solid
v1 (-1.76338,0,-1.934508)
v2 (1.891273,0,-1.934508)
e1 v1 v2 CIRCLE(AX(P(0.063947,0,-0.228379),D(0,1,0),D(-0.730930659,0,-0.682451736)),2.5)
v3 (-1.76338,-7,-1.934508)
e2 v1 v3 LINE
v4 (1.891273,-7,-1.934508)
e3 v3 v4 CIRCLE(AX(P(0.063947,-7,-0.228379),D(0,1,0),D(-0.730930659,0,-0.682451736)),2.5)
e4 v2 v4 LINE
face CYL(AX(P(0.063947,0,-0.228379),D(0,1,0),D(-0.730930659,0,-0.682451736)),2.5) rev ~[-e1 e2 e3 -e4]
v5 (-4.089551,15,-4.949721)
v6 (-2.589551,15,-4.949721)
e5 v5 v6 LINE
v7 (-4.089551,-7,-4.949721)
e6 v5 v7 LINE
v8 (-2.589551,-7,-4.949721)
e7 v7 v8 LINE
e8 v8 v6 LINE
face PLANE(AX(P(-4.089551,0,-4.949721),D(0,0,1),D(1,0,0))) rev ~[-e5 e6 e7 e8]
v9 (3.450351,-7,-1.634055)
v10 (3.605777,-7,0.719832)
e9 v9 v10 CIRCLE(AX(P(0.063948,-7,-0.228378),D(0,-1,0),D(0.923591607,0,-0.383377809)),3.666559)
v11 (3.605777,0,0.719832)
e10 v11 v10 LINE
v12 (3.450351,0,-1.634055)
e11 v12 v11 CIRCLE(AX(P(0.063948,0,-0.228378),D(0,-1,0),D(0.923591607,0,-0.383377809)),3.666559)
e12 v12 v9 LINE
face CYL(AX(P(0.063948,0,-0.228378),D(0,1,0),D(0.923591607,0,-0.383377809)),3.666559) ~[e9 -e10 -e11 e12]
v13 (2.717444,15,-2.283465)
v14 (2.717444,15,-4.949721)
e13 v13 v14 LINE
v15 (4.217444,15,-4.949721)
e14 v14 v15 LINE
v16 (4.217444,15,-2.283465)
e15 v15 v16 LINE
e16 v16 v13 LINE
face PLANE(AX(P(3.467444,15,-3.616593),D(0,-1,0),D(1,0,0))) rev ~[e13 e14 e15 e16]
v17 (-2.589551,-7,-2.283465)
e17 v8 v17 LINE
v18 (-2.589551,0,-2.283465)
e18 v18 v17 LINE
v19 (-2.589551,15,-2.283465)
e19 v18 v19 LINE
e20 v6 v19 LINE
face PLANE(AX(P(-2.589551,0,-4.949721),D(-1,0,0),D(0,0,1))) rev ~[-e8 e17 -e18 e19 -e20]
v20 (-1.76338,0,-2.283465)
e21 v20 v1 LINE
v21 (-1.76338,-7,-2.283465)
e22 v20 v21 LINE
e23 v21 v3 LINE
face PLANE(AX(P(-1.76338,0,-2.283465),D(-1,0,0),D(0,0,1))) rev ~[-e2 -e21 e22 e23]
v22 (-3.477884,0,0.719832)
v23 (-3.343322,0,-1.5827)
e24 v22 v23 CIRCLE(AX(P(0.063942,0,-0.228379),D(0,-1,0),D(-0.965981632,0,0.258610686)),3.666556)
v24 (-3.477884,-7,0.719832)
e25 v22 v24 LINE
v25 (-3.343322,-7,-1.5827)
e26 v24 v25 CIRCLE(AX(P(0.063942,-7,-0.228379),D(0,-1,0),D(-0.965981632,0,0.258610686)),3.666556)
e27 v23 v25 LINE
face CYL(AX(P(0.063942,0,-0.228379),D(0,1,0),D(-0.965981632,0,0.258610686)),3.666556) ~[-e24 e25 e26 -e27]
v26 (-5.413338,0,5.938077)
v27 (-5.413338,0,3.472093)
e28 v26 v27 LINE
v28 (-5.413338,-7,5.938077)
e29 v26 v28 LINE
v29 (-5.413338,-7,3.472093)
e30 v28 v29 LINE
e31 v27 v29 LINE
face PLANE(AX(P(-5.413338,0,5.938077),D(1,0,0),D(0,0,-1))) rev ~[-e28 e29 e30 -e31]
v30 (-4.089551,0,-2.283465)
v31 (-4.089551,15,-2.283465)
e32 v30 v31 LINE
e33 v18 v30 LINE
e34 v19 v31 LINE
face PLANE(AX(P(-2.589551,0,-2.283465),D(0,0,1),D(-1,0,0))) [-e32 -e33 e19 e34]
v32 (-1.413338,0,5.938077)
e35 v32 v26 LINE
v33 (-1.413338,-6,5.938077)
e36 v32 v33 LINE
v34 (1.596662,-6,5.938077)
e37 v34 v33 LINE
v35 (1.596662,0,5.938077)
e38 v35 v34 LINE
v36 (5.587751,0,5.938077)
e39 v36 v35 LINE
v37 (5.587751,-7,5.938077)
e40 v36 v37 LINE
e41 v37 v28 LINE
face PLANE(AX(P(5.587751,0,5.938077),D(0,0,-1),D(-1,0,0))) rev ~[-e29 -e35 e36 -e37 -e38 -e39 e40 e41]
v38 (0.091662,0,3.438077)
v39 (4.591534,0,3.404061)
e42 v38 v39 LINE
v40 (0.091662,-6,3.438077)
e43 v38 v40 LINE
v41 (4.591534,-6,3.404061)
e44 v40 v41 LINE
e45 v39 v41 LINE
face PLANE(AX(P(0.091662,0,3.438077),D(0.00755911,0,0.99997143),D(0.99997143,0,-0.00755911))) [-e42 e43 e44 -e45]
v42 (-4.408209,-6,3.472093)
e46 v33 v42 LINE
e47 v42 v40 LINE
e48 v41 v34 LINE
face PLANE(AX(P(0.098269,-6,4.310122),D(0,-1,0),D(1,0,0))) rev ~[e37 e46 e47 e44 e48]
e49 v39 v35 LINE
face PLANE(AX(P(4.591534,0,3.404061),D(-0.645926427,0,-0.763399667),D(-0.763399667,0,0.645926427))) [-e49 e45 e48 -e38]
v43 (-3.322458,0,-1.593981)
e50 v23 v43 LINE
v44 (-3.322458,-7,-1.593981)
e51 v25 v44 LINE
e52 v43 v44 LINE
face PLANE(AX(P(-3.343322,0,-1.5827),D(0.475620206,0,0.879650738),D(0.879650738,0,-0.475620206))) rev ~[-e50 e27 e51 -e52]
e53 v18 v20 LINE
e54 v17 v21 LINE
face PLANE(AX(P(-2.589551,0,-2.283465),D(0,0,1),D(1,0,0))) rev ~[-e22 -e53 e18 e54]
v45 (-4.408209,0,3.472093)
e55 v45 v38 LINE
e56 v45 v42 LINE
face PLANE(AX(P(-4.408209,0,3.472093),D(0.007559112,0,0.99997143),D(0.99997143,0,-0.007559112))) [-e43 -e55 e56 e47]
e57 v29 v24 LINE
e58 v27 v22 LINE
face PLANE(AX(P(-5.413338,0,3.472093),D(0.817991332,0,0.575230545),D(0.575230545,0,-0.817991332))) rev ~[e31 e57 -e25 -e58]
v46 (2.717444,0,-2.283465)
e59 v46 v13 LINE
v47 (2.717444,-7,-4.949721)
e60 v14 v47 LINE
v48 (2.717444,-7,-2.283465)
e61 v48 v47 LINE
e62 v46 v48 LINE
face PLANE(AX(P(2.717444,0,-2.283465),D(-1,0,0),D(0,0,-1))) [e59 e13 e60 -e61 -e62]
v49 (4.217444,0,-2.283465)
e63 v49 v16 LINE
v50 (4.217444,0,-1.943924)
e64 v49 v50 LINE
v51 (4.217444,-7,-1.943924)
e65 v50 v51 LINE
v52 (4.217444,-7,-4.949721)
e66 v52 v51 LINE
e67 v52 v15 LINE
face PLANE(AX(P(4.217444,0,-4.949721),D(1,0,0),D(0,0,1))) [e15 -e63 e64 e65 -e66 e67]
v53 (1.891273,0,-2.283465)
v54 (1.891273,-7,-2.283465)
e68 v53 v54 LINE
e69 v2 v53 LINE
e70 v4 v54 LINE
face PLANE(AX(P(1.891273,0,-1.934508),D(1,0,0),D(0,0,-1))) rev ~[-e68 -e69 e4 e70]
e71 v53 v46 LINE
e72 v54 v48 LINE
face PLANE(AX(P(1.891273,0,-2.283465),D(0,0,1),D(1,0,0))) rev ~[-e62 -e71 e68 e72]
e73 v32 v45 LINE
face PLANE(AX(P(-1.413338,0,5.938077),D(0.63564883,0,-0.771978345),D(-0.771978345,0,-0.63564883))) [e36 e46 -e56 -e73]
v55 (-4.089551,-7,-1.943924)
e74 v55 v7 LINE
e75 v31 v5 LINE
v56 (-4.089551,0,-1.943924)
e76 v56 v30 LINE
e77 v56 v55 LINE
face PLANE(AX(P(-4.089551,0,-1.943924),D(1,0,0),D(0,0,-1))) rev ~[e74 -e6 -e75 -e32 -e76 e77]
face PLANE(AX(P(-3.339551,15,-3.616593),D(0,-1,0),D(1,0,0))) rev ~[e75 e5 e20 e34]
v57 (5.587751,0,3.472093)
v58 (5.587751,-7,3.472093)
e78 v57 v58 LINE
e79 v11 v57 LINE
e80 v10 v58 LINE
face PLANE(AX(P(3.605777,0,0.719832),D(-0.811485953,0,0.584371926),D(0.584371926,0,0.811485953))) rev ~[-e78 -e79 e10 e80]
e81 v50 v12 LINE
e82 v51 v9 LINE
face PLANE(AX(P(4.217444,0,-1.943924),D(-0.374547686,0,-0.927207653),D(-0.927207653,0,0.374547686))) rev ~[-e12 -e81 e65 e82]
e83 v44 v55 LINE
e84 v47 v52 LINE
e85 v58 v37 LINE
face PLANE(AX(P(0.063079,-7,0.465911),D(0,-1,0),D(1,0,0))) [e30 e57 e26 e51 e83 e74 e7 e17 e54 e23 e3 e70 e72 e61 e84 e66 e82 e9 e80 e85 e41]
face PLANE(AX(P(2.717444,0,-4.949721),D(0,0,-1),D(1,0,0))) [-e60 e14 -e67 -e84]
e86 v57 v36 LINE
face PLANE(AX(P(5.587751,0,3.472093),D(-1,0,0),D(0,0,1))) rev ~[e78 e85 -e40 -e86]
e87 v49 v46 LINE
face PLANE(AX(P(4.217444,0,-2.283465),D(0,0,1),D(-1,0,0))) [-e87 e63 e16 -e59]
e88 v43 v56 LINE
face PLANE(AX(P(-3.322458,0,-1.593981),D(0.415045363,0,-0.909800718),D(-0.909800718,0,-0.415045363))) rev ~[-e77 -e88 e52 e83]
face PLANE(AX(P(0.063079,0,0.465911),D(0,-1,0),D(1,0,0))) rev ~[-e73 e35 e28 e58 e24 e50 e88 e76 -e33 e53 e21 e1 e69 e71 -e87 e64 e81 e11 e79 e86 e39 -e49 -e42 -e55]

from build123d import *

# Parameters (mm, degrees)
F1_DEPTH = 7
F2_DEPTH = 6
F3_DEPTH = 15


with BuildPart() as f1:
    # F0 (on Front) → F1 (new body)
    with BuildSketch(Plane.XZ):
        with BuildLine():
            ThreePointArc((-3.477884, 0.719832), (-3.596369, -0.44229), (-3.343322, -1.5827))
            Line((-3.343322, -1.5827), (-3.322458, -1.593981))
            Line((-3.322458, -1.593981), (-3.322458, -2.283465))
            Line((-3.322458, -2.283465), (-2.589551, -2.283465))
            Line((-2.589551, -2.283465), (-1.76338, -2.283465))
            Line((-1.76338, -2.283465), (-1.76338, -1.934508))
            ThreePointArc((-1.76338, -1.934508), (0.063946, 2.271621), (1.891273, -1.934508))
            Line((1.891273, -1.934508), (1.891273, -2.283465))
            Line((1.891273, -2.283465), (2.717444, -2.283465))
            Line((2.717444, -2.283465), (3.450351, -2.283465))
            Line((3.450351, -2.283465), (3.450351, -1.634055))
            ThreePointArc((3.450351, -1.634055), (3.72254, -0.469953), (3.605777, 0.719832))
            ThreePointArc((3.605777, 0.719832), (2.307299, 2.6718), (0.091662, 3.438077))
            ThreePointArc((0.091662, 3.438077), (-2.157419, 2.688675), (-3.477884, 0.719832))
        make_face()
        Polygon((-3.322458, -2.283465), (-3.322458, -1.593981), (-4.089551, -1.943924), (-4.089551, -2.283465), align=None)
        with BuildLine():
            Line((-5.413338, 3.472093), (-3.477884, 0.719832))
            ThreePointArc((-3.477884, 0.719832), (-2.157419, 2.688675), (0.091662, 3.438077))
            Line((0.091662, 3.438077), (-4.408209, 3.472093))
            Line((-4.408209, 3.472093), (-1.413338, 5.938077))
            Line((-1.413338, 5.938077), (-5.413338, 5.938077))
            Line((-5.413338, 5.938077), (-5.413338, 3.472093))
        make_face()
        Polygon((-2.589551, -2.283465), (-3.322458, -2.283465), (-4.089551, -2.283465), (-4.089551, -4.949721), (-3.322458, -4.949721), (-2.589551, -4.949721), align=None)
        with BuildLine():
            Line((4.591534, 3.404061), (0.091662, 3.438077))
            ThreePointArc((0.091662, 3.438077), (2.307299, 2.6718), (3.605777, 0.719832))
            Line((3.605777, 0.719832), (5.587751, 3.472093))
            Line((5.587751, 3.472093), (5.587751, 5.938077))
            Line((5.587751, 5.938077), (1.596662, 5.938077))
            Line((1.596662, 5.938077), (4.591534, 3.404061))
        make_face()
        Polygon((-4.408209, 3.472093), (0.091662, 3.438077), (4.591534, 3.404061), (1.596662, 5.938077), (-1.413338, 5.938077), align=None)
        Polygon((4.217444, -1.943924), (3.450351, -1.634055), (3.450351, -2.283465), (4.217444, -2.283465), align=None)
        Polygon((4.217444, -2.283465), (3.450351, -2.283465), (2.717444, -2.283465), (2.717444, -4.949721), (3.450351, -4.949721), (4.217444, -4.949721), align=None)
    extrude(amount=F1_DEPTH)

    # F0 (on Front) → F2 (cut)
    with BuildSketch(Plane.XZ):
        Polygon((-4.408209, 3.472093), (0.091662, 3.438077), (4.591534, 3.404061), (1.596662, 5.938077), (-1.413338, 5.938077), align=None)
    extrude(amount=F2_DEPTH, mode=Mode.SUBTRACT)

    # F0 (on Front) → F3 (join)
    with BuildSketch(Plane.XZ):
        Polygon((4.217444, -2.283465), (3.450351, -2.283465), (2.717444, -2.283465), (2.717444, -4.949721), (3.450351, -4.949721), (4.217444, -4.949721), align=None)
        Polygon((-2.589551, -2.283465), (-3.322458, -2.283465), (-4.089551, -2.283465), (-4.089551, -4.949721), (-3.322458, -4.949721), (-2.589551, -4.949721), align=None)
    extrude(amount=-F3_DEPTH)


solid = f1.part
